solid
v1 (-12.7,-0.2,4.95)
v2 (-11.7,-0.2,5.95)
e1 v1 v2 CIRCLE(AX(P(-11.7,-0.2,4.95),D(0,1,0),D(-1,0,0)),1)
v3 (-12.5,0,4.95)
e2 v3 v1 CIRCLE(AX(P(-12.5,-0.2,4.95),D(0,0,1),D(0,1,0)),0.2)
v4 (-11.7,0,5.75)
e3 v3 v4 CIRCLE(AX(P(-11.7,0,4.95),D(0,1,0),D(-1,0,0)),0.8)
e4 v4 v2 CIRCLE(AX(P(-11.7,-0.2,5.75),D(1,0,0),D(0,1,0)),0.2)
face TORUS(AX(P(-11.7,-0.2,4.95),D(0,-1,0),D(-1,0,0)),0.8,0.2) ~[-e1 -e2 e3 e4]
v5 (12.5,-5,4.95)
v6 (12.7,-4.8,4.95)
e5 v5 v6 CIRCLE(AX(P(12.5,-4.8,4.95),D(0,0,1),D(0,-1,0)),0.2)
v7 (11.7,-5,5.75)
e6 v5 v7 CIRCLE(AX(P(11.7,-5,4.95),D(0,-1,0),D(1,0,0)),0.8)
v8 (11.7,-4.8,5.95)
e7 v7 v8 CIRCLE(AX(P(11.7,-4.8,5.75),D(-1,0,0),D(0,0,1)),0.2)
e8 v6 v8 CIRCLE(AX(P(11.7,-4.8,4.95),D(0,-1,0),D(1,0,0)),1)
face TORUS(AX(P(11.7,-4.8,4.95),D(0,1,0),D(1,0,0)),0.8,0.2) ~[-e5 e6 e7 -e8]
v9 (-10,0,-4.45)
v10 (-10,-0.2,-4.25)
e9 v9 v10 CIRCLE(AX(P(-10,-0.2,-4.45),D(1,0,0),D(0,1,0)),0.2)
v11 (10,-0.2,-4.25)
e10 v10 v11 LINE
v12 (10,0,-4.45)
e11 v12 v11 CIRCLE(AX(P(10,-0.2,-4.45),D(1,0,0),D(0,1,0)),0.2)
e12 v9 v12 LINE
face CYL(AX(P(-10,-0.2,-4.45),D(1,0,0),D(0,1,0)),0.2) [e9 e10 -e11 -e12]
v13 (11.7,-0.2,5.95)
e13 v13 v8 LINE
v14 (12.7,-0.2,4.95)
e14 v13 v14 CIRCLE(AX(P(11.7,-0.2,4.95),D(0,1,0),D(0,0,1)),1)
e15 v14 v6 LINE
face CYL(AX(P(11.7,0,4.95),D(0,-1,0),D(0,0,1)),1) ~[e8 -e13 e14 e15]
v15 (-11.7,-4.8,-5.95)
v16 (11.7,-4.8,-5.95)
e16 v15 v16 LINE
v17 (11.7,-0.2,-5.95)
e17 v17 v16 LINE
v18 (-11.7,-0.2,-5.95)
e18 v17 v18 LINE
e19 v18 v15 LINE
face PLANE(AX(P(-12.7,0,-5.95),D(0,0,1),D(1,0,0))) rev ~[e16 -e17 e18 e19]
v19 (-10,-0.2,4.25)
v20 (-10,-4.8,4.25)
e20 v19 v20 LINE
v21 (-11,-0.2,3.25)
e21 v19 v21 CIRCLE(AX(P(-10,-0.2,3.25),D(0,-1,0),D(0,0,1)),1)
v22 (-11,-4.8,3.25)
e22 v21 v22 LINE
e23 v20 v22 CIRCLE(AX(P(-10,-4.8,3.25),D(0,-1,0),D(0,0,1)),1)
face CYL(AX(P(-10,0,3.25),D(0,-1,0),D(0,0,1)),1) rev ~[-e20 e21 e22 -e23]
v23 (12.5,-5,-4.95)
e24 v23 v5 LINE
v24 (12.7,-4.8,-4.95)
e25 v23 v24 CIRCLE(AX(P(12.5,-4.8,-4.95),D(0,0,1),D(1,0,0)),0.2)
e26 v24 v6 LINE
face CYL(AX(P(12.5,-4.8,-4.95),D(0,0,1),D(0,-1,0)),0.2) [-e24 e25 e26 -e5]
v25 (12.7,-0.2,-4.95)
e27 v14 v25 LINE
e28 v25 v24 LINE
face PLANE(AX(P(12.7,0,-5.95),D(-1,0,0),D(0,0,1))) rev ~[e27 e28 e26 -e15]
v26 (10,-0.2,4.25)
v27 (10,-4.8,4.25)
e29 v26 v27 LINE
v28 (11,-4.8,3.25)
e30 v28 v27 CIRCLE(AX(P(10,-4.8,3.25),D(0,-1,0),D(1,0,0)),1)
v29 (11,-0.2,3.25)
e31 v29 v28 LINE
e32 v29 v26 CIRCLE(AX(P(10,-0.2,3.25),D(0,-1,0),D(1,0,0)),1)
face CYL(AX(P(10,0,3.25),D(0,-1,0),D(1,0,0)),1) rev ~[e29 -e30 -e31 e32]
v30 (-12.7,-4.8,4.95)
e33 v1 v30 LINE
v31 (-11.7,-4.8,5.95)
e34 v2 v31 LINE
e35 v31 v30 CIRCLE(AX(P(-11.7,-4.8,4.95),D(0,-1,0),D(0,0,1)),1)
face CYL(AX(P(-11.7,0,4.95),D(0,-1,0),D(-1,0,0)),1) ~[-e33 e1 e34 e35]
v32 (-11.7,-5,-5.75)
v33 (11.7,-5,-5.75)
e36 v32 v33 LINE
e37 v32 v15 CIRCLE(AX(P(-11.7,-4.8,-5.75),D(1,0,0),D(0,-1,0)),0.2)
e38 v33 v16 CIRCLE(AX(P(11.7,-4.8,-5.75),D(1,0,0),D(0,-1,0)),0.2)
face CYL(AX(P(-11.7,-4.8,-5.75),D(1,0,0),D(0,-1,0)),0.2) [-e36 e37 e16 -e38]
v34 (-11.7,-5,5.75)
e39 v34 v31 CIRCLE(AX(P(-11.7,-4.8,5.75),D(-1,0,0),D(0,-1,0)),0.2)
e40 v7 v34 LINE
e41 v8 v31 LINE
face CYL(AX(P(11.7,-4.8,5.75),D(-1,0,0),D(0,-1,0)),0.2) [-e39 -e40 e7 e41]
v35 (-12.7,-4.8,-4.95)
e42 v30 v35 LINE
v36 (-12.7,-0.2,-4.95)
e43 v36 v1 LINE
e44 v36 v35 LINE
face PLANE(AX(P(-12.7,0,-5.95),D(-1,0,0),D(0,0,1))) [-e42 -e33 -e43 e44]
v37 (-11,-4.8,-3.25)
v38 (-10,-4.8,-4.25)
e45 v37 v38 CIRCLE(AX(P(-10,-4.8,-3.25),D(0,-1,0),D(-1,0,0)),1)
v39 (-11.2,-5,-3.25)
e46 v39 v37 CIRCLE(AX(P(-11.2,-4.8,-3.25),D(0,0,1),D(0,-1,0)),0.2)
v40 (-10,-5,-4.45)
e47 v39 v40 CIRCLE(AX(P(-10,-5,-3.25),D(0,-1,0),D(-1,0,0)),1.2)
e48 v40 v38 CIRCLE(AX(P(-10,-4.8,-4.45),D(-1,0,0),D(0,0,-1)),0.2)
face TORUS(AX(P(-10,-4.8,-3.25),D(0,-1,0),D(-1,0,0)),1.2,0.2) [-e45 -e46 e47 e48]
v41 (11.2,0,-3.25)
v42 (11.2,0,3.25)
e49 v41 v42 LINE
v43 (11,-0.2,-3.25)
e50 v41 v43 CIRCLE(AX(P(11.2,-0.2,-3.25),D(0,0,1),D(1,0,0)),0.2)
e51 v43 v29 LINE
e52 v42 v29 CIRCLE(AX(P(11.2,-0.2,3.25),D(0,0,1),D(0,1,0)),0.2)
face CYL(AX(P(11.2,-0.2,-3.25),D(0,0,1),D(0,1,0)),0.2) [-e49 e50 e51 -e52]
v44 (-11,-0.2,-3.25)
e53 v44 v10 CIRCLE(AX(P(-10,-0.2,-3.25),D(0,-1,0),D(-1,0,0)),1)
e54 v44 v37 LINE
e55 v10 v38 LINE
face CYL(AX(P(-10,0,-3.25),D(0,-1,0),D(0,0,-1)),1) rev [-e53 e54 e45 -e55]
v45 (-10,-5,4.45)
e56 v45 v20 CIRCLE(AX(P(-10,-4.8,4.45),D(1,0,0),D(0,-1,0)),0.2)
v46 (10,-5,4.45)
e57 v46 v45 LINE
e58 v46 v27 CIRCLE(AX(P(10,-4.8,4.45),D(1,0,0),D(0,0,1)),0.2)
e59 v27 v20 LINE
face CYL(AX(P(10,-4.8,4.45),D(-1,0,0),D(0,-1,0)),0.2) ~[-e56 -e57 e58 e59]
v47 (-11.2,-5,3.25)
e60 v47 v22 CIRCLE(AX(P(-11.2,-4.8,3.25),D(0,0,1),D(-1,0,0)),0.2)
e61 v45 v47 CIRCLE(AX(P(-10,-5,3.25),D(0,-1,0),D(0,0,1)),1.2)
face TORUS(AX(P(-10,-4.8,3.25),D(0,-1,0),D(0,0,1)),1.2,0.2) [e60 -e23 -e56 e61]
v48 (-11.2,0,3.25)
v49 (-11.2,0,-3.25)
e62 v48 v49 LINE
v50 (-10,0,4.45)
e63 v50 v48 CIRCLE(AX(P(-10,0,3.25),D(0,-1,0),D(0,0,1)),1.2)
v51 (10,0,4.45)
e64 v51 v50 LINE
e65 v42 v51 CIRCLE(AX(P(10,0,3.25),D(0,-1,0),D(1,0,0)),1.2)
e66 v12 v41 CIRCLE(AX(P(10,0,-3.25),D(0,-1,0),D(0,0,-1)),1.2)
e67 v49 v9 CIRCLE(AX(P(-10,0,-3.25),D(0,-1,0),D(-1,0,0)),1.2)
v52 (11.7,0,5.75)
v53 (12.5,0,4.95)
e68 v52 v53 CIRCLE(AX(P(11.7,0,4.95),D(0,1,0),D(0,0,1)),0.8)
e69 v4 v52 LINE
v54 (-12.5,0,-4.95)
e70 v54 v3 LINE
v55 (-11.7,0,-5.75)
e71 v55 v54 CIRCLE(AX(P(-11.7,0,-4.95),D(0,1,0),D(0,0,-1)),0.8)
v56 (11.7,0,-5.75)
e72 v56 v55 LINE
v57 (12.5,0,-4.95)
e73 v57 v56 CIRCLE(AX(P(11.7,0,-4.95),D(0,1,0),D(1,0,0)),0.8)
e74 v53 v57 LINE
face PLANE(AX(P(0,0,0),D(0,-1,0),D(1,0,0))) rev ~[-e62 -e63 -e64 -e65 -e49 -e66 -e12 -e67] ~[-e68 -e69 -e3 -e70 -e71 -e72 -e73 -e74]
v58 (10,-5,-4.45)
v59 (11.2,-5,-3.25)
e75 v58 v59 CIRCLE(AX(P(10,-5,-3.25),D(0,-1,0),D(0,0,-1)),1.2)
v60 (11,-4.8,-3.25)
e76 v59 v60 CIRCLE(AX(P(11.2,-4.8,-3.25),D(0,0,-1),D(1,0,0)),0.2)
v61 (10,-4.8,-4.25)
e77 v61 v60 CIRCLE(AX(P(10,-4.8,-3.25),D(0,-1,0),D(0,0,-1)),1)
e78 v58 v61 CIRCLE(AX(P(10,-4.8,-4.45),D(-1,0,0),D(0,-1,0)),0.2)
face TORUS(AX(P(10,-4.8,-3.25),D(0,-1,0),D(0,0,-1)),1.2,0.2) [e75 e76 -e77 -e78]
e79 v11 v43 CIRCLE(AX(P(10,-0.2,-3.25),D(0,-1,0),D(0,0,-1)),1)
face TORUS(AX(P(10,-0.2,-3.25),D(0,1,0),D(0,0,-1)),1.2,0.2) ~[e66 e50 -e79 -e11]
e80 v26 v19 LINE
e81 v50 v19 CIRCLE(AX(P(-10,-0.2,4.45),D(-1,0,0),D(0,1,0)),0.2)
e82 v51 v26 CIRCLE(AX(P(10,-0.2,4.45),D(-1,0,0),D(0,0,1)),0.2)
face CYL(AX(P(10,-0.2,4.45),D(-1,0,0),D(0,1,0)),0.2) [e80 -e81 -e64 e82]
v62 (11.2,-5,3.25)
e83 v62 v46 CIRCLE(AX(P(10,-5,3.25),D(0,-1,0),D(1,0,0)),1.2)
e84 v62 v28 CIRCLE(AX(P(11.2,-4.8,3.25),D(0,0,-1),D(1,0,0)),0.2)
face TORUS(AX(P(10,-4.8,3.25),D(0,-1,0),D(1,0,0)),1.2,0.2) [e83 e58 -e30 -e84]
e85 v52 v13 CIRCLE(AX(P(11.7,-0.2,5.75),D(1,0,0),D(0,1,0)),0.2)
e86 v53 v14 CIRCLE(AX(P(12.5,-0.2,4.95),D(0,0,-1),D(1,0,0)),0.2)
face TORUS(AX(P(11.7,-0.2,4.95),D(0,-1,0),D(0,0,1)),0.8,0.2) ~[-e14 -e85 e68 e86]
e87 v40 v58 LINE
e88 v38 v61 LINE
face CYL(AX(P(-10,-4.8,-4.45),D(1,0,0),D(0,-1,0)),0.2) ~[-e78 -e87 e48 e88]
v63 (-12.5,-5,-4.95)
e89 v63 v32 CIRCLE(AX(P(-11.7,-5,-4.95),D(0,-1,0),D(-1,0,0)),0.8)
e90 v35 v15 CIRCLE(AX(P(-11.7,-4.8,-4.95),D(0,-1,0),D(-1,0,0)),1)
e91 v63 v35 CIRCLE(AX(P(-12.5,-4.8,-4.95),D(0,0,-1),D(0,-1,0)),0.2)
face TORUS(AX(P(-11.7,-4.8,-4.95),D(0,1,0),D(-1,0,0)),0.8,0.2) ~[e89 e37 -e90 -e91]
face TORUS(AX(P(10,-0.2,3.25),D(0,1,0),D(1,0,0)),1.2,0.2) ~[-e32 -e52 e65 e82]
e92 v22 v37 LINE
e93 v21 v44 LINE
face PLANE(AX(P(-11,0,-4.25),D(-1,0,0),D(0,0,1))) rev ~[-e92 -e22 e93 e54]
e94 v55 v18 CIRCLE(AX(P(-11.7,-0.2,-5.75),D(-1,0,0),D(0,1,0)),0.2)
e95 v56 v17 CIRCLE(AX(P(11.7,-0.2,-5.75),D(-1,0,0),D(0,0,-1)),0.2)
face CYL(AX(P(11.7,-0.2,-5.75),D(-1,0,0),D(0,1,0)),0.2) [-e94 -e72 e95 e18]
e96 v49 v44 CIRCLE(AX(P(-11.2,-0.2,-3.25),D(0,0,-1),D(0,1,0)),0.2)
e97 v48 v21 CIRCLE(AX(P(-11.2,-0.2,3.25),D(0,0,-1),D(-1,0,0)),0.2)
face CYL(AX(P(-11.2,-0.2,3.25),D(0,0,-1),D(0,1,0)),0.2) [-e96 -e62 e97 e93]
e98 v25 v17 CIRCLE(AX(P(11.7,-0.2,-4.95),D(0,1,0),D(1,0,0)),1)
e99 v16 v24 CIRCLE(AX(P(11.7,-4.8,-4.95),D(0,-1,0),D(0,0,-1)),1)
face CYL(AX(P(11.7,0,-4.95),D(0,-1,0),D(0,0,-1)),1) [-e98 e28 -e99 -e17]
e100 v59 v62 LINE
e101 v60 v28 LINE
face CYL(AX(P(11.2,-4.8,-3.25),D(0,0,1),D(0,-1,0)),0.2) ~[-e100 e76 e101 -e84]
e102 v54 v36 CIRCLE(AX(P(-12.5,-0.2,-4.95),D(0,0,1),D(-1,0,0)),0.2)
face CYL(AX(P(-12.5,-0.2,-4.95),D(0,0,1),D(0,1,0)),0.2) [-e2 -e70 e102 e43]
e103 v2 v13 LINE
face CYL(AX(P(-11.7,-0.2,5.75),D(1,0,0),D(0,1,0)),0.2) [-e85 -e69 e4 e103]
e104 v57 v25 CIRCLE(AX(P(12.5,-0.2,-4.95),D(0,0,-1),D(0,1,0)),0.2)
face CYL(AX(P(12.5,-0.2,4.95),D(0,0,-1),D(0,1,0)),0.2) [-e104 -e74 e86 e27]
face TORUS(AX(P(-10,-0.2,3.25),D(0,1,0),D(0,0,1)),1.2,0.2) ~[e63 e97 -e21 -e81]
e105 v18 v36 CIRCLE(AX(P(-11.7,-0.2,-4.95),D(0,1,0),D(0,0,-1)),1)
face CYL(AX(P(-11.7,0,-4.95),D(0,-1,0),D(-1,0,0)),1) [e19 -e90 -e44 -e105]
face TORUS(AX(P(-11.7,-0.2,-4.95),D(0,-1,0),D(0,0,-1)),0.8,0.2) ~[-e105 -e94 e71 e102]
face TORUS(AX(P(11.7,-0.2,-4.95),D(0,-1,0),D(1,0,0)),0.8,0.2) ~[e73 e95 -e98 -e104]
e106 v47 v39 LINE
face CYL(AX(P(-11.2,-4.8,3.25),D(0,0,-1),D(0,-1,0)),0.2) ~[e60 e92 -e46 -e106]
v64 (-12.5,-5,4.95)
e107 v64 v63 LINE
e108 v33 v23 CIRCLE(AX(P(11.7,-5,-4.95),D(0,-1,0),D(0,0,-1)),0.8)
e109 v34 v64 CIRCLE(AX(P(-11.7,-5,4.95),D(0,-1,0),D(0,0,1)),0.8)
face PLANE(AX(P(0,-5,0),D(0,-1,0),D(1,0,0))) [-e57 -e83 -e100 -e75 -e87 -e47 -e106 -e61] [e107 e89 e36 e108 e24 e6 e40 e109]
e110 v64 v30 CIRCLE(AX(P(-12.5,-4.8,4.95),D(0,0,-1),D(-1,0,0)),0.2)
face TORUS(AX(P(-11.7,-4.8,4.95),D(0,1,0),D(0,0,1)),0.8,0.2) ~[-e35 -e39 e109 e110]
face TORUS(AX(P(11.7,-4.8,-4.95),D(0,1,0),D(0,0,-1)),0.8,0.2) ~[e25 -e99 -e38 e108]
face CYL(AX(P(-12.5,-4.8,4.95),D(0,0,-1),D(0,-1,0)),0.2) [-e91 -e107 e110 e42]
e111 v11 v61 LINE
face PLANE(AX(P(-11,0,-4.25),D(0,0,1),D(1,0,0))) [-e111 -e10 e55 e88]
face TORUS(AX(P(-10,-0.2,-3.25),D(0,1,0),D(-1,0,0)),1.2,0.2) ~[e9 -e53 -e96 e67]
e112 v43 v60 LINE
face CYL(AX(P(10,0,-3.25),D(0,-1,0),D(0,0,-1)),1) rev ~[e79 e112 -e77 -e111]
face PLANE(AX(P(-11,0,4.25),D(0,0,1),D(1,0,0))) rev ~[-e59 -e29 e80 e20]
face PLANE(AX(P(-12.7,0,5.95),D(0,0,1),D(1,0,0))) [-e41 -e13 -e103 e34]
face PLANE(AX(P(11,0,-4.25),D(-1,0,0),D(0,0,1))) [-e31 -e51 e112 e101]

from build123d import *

# Parameters (mm, degrees)
F0_W     = 25.4
F0_H     = 11.9
F0_W_2   = 22
F0_H_2   = 8.5
F1_DEPTH = 5
F2_R     = 1
F3_R     = 0.2
F4_R     = 0.2


with BuildPart() as f1:
    # F0 (on Front) → F1 (new body)
    with BuildSketch(Plane.XZ):
        Rectangle(F0_W, F0_H)
        Rectangle(F0_W_2, F0_H_2, mode=Mode.SUBTRACT)
    extrude(amount=F1_DEPTH)

    # F2
    f2_edges = [f1.edges().sort_by_distance(p)[0] for p in [
        (-12.7, -2.5, 5.95),
        (12.7, -2.5, 5.95),
        (12.7, -2.5, -5.95),
        (-12.7, -2.5, -5.95),
        (-11, -2.5, 4.25),
        (-11, -2.5, -4.25),
        (11, -2.5, 4.25),
        (11, -2.5, -4.25),
    ]]
    fillet(f2_edges, radius=F2_R)

    # F3
    f3_edges = [f1.edges().sort_by_distance(p)[0] for p in [
        (0, 0, 5.95),
        (-12.407107, 0, 5.657107),
        (-12.7, 0, 0),
        (-12.407107, 0, -5.657107),
        (0, 0, -5.95),
        (12.407107, 0, -5.657107),
        (12.7, 0, 0),
        (12.407107, 0, 5.657107),
        (0, -5, -5.95),
        (12.7, -5, 0),
        (12.407107, -5, 5.657107),
        (0, -5, 5.95),
        (-12.407107, -5, 5.657107),
        (-12.7, -5, 0),
        (12.407107, -5, -5.657107),
        (-12.407107, -5, -5.657107),
    ]]
    fillet(f3_edges, radius=F3_R)

    # F4
    f4_edges = [f1.edges().sort_by_distance(p)[0] for p in [
        (0, 0, -4.25),
        (10.707107, 0, -3.957107),
        (11, 0, 0),
        (10.707107, 0, 3.957107),
        (0, 0, 4.25),
        (-11, 0, 0),
        (-10.707107, 0, -3.957107),
        (-10.707107, 0, 3.957107),
        (10.707107, -5, 3.957107),
        (10.707107, -5, -3.957107),
        (-10.707107, -5, -3.957107),
        (-11, -5, 0),
        (0, -5, 4.25),
        (11, -5, 0),
        (0, -5, -4.25),
    ]]
    fillet(f4_edges, radius=F4_R)


solid = f1.part
